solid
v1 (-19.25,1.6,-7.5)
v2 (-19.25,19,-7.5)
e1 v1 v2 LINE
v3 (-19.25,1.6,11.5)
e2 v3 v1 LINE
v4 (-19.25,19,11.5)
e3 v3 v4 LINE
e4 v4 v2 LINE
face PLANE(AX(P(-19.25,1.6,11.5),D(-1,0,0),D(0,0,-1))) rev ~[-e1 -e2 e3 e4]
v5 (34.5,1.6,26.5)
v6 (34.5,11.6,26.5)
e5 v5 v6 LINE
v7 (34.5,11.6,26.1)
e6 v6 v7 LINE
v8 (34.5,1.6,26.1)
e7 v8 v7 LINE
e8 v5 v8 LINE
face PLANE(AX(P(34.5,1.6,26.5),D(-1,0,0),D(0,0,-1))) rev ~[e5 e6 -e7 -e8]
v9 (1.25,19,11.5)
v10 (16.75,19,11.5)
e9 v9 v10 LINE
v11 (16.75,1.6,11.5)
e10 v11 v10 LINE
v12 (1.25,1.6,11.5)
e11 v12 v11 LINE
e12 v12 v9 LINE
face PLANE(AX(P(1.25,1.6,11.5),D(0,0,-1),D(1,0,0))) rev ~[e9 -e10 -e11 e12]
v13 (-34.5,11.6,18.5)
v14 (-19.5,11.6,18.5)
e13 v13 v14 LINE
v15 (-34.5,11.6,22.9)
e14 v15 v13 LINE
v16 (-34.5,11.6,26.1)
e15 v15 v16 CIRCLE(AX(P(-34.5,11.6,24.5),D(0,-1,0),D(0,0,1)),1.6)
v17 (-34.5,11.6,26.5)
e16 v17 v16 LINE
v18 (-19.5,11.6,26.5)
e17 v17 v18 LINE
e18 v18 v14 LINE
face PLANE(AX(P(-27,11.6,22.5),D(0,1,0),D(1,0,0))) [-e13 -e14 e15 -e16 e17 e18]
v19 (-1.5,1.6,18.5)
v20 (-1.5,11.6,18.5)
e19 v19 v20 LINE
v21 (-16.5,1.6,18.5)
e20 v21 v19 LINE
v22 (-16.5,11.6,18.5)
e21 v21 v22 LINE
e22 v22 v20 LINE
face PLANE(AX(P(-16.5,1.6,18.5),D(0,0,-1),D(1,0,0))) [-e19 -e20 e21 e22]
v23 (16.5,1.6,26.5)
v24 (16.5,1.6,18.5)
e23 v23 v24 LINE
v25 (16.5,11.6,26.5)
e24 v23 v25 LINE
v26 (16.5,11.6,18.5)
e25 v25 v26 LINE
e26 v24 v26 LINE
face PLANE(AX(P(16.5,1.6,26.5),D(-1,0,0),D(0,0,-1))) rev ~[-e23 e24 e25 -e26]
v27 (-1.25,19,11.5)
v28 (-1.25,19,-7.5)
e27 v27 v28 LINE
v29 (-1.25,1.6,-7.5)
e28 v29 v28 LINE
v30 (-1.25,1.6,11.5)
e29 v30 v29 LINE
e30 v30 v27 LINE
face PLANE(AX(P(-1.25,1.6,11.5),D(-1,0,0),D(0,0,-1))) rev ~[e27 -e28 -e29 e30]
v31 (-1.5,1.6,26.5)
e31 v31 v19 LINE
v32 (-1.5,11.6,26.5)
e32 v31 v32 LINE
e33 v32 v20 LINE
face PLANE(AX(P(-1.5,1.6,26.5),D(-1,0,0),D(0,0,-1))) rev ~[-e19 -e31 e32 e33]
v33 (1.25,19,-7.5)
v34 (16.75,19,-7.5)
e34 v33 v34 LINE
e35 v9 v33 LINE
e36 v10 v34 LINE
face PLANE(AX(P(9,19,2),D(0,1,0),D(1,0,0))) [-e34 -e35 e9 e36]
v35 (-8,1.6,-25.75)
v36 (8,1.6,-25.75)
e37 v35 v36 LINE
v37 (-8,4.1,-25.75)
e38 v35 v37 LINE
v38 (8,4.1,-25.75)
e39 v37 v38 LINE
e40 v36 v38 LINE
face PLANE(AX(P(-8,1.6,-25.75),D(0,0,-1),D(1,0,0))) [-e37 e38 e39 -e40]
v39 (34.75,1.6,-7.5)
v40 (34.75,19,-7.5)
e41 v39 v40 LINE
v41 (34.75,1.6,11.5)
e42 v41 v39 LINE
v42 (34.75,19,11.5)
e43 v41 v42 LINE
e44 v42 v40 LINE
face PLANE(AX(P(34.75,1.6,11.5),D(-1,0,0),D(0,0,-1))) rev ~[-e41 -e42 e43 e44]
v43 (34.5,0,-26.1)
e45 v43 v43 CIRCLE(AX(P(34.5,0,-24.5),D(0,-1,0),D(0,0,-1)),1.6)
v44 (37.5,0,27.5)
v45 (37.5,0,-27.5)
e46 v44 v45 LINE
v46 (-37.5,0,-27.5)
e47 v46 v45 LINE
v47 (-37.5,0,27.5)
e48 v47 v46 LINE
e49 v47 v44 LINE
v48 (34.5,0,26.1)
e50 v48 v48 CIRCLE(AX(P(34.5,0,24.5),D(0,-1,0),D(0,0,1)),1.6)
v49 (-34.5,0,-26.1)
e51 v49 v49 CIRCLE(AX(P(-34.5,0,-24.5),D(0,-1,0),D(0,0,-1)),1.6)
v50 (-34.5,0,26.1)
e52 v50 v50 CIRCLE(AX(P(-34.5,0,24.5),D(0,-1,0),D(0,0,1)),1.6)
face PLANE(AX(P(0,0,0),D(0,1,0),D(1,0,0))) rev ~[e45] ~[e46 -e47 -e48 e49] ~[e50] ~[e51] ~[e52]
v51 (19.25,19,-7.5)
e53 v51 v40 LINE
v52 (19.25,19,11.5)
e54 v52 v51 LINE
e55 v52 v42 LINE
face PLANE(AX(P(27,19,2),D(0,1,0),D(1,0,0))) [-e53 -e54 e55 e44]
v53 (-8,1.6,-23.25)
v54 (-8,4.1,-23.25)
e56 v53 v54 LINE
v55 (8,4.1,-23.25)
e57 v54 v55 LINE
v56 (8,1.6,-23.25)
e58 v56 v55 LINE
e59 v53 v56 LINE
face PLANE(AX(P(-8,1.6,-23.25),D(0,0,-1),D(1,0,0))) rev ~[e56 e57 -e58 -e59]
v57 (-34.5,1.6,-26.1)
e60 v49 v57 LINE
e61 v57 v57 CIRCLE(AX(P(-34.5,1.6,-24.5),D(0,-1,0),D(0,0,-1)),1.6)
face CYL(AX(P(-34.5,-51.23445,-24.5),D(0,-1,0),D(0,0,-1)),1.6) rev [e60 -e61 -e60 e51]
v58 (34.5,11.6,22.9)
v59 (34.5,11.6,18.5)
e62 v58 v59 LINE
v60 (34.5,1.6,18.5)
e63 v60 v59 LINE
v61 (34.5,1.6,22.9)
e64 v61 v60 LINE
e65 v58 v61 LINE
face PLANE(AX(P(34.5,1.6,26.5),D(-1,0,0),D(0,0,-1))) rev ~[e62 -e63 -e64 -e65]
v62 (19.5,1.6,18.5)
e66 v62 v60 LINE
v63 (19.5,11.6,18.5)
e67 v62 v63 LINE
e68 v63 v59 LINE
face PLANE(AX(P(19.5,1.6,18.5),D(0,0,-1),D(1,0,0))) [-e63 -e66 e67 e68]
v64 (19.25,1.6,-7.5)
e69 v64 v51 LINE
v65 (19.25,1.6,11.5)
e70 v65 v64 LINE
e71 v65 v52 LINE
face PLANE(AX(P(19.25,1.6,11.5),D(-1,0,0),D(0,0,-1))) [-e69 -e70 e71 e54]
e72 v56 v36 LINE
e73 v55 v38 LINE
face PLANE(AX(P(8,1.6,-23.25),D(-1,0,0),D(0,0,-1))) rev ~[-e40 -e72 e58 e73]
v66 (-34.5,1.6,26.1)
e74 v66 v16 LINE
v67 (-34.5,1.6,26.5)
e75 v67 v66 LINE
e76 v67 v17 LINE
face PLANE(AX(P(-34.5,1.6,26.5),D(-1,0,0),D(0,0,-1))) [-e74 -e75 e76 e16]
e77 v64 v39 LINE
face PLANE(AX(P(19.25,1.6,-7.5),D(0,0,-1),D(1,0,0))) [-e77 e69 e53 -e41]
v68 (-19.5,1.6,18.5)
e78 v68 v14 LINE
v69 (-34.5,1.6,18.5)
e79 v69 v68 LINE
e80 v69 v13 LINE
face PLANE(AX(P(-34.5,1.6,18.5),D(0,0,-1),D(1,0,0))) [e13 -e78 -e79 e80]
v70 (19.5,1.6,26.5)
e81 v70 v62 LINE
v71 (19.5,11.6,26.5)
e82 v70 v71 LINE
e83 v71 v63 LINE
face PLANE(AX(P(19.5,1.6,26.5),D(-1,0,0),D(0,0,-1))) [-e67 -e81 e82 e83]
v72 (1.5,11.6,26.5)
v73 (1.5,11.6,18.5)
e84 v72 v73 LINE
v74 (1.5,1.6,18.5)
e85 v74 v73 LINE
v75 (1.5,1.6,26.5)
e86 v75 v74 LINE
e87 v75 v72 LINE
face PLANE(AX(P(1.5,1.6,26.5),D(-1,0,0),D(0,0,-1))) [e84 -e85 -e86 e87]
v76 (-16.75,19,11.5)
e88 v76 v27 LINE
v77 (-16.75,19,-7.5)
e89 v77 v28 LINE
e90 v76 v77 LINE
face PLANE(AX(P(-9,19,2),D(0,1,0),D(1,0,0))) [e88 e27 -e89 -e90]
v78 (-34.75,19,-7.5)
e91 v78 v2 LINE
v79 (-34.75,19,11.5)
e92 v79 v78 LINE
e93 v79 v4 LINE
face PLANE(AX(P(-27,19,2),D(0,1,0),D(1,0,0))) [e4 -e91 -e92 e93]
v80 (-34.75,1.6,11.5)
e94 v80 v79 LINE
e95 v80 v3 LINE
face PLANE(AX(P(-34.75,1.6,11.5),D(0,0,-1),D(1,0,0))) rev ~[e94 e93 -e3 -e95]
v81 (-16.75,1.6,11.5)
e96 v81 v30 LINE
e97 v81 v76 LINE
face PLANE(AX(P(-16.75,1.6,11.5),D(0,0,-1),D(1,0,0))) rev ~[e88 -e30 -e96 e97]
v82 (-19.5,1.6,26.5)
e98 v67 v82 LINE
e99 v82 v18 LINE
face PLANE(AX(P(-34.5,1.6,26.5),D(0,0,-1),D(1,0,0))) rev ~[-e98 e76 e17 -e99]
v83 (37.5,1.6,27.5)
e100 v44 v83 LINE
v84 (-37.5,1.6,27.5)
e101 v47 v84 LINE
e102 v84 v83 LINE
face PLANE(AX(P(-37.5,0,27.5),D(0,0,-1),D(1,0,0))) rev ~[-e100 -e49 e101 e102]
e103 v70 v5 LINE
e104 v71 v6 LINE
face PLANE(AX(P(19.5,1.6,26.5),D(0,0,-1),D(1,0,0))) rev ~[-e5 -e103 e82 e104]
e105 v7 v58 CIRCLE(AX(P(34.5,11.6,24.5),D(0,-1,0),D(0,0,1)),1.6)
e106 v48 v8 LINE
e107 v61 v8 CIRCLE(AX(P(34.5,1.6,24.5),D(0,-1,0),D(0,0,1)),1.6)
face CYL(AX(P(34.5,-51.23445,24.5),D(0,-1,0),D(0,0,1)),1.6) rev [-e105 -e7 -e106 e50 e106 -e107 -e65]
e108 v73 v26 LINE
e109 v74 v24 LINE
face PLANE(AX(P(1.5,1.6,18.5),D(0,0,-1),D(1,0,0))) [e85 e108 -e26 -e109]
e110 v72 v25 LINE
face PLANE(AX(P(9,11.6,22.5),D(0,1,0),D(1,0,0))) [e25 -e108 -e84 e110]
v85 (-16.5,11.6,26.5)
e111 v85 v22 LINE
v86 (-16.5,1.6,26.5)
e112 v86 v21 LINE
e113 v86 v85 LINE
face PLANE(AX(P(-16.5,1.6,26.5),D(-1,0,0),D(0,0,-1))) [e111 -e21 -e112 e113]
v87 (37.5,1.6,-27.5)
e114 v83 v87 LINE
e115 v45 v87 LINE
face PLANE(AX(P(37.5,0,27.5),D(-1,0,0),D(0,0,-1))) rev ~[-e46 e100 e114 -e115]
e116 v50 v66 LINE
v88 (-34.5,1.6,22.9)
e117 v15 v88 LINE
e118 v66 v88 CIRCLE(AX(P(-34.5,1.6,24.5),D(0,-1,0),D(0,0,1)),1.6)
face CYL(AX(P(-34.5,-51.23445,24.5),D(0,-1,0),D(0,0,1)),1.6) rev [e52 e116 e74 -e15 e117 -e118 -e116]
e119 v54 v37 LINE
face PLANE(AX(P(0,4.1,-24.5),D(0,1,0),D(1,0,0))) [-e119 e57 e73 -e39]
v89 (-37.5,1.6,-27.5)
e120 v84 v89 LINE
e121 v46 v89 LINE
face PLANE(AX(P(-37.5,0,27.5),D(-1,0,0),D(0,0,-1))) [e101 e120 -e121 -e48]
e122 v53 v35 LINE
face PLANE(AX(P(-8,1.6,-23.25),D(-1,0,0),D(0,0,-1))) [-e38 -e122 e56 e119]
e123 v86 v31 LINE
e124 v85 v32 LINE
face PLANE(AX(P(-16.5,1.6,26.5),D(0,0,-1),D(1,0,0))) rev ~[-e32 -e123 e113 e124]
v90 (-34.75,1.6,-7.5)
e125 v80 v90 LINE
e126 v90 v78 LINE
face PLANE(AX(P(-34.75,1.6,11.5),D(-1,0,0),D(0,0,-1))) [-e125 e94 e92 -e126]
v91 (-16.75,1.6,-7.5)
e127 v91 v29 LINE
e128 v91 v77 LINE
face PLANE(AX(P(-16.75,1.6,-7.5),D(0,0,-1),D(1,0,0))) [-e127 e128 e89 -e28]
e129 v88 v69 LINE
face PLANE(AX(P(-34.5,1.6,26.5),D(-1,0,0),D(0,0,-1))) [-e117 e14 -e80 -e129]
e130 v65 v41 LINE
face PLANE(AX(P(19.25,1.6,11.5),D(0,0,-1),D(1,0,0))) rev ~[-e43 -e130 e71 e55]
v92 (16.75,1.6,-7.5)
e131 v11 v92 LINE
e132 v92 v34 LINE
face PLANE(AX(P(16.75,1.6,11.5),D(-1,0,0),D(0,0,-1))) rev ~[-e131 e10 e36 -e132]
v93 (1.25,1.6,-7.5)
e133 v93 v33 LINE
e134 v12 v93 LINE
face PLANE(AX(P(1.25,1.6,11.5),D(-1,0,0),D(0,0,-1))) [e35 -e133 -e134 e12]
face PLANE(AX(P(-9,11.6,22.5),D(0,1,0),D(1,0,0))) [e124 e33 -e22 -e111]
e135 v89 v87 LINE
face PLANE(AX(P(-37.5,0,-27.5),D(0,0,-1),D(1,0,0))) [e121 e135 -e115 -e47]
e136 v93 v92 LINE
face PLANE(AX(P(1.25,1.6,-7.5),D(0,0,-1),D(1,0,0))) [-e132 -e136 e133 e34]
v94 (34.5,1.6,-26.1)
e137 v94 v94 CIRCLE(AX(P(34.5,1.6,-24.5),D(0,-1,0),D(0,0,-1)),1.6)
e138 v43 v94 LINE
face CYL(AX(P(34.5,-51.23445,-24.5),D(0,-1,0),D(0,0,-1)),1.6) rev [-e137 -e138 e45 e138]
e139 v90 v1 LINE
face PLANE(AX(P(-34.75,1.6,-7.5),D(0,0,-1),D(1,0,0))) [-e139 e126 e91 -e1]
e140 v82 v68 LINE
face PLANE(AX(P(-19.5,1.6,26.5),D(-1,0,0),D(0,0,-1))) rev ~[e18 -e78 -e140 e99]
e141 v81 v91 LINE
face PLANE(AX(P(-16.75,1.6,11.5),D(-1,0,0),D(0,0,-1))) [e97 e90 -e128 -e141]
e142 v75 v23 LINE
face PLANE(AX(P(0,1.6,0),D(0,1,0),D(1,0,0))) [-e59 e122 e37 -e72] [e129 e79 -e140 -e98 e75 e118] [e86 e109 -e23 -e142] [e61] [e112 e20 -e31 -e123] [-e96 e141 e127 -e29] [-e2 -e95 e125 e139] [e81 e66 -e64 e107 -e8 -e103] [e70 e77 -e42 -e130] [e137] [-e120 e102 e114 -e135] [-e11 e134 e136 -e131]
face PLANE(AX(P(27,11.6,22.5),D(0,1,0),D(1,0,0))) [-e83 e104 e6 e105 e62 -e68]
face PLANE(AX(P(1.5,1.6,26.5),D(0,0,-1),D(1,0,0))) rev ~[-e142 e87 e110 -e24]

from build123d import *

# Parameters (mm, degrees)
SKETCH1_W              = 75
SKETCH1_H              = 55
PCB_DEPTH              = 1.6
RELAY_1_START          = 1.6
SKETCH2_W              = 15.5
SKETCH2_H              = 19
RELAY_1_DEPTH          = 17.4
TERMINAL_1_START       = 1.6
SKETCH3_W              = 15
SKETCH3_H              = 8
TERMINAL_1_DEPTH       = 10
RELAY_2_START          = 1.6
SKETCH4_W              = 15.5
SKETCH4_H              = 19
RELAY_2_DEPTH          = 17.4
TERMINAL_2_START       = 1.6
SKETCH5_W              = 15
SKETCH5_H              = 8
TERMINAL_2_DEPTH       = 10
RELAY_3_START          = 1.6
SKETCH6_W              = 15.5
SKETCH6_H              = 19
RELAY_3_DEPTH          = 17.4
TERMINAL_3_START       = 1.6
SKETCH7_W              = 15
SKETCH7_H              = 8
TERMINAL_3_DEPTH       = 10
RELAY_4_START          = 1.6
SKETCH8_W              = 15.5
SKETCH8_H              = 19
RELAY_4_DEPTH          = 17.4
TERMINAL_4_START       = 1.6
SKETCH9_W              = 15
SKETCH9_H              = 8
TERMINAL_4_DEPTH       = 10
HEADER_START           = 1.6
SKETCH10_W             = 16
SKETCH10_H             = 2.5
HEADER_DEPTH           = 2.5
MOUNT_HOLES_DEPTH      = 51.23445033
MOUNT_HOLES_DEPTH_BACK = 51.23445033
SKETCH11_R             = 1.6


with BuildPart() as part:
    # Sketch1 → PCB (new body)
    with BuildSketch(Plane(origin=(0, 0, 0), x_dir=(1, 0, 0), z_dir=(0, 1, 0))):
        Rectangle(SKETCH1_W, SKETCH1_H)
    extrude(amount=PCB_DEPTH)

    # Sketch2 → Relay_1 (add)
    with BuildSketch(Plane(origin=(0, 0, 0), x_dir=(1, 0, 0), z_dir=(0, 1, 0)).offset(RELAY_1_START)):
        with Locations((-27, -2)):
            Rectangle(SKETCH2_W, SKETCH2_H)
    extrude(amount=RELAY_1_DEPTH)

    # Sketch3 → Terminal_1 (add)
    with BuildSketch(Plane(origin=(0, 0, 0), x_dir=(1, 0, 0), z_dir=(0, 1, 0)).offset(TERMINAL_1_START)):
        with Locations((-27, -22.5)):
            Rectangle(SKETCH3_W, SKETCH3_H)
    extrude(amount=TERMINAL_1_DEPTH)

    # Sketch4 → Relay_2 (add)
    with BuildSketch(Plane(origin=(0, 0, 0), x_dir=(1, 0, 0), z_dir=(0, 1, 0)).offset(RELAY_2_START)):
        with Locations((-9, -2)):
            Rectangle(SKETCH4_W, SKETCH4_H)
    extrude(amount=RELAY_2_DEPTH)

    # Sketch5 → Terminal_2 (add)
    with BuildSketch(Plane(origin=(0, 0, 0), x_dir=(1, 0, 0), z_dir=(0, 1, 0)).offset(TERMINAL_2_START)):
        with Locations((-9, -22.5)):
            Rectangle(SKETCH5_W, SKETCH5_H)
    extrude(amount=TERMINAL_2_DEPTH)

    # Sketch6 → Relay_3 (add)
    with BuildSketch(Plane(origin=(0, 0, 0), x_dir=(1, 0, 0), z_dir=(0, 1, 0)).offset(RELAY_3_START)):
        with Locations((9, -2)):
            Rectangle(SKETCH6_W, SKETCH6_H)
    extrude(amount=RELAY_3_DEPTH)

    # Sketch7 → Terminal_3 (add)
    with BuildSketch(Plane(origin=(0, 0, 0), x_dir=(1, 0, 0), z_dir=(0, 1, 0)).offset(TERMINAL_3_START)):
        with Locations((9, -22.5)):
            Rectangle(SKETCH7_W, SKETCH7_H)
    extrude(amount=TERMINAL_3_DEPTH)

    # Sketch8 → Relay_4 (add)
    with BuildSketch(Plane(origin=(0, 0, 0), x_dir=(1, 0, 0), z_dir=(0, 1, 0)).offset(RELAY_4_START)):
        with Locations((27, -2)):
            Rectangle(SKETCH8_W, SKETCH8_H)
    extrude(amount=RELAY_4_DEPTH)

    # Sketch9 → Terminal_4 (add)
    with BuildSketch(Plane(origin=(0, 0, 0), x_dir=(1, 0, 0), z_dir=(0, 1, 0)).offset(TERMINAL_4_START)):
        with Locations((27, -22.5)):
            Rectangle(SKETCH9_W, SKETCH9_H)
    extrude(amount=TERMINAL_4_DEPTH)

    # Sketch10 → Header (add)
    with BuildSketch(Plane(origin=(0, 0, 0), x_dir=(1, 0, 0), z_dir=(0, 1, 0)).offset(HEADER_START)):
        with Locations((0, 24.5)):
            Rectangle(SKETCH10_W, SKETCH10_H)
    extrude(amount=HEADER_DEPTH)

    # Sketch11 → Mount_Holes (cut, two sides: drawn at the far end of the back side and taken through both)
    with BuildSketch(Plane(origin=(0, 0, 0), x_dir=(1, 0, 0), z_dir=(0, 1, 0)).offset(-MOUNT_HOLES_DEPTH_BACK)):
        with Locations(Location((-34.5, 24.5, 0), (0, 0, 90))):
            Circle(SKETCH11_R)
        with Locations(Location((-34.5, -24.5, 0), (0, 0, 270))):
            Circle(SKETCH11_R)
        with Locations(Location((34.5, 24.5, 0), (0, 0, 90))):
            Circle(SKETCH11_R)
        with Locations(Location((34.5, -24.5, 0), (0, 0, 270))):
            Circle(SKETCH11_R)
    extrude(amount=MOUNT_HOLES_DEPTH + MOUNT_HOLES_DEPTH_BACK, mode=Mode.SUBTRACT)


solid = part.part
